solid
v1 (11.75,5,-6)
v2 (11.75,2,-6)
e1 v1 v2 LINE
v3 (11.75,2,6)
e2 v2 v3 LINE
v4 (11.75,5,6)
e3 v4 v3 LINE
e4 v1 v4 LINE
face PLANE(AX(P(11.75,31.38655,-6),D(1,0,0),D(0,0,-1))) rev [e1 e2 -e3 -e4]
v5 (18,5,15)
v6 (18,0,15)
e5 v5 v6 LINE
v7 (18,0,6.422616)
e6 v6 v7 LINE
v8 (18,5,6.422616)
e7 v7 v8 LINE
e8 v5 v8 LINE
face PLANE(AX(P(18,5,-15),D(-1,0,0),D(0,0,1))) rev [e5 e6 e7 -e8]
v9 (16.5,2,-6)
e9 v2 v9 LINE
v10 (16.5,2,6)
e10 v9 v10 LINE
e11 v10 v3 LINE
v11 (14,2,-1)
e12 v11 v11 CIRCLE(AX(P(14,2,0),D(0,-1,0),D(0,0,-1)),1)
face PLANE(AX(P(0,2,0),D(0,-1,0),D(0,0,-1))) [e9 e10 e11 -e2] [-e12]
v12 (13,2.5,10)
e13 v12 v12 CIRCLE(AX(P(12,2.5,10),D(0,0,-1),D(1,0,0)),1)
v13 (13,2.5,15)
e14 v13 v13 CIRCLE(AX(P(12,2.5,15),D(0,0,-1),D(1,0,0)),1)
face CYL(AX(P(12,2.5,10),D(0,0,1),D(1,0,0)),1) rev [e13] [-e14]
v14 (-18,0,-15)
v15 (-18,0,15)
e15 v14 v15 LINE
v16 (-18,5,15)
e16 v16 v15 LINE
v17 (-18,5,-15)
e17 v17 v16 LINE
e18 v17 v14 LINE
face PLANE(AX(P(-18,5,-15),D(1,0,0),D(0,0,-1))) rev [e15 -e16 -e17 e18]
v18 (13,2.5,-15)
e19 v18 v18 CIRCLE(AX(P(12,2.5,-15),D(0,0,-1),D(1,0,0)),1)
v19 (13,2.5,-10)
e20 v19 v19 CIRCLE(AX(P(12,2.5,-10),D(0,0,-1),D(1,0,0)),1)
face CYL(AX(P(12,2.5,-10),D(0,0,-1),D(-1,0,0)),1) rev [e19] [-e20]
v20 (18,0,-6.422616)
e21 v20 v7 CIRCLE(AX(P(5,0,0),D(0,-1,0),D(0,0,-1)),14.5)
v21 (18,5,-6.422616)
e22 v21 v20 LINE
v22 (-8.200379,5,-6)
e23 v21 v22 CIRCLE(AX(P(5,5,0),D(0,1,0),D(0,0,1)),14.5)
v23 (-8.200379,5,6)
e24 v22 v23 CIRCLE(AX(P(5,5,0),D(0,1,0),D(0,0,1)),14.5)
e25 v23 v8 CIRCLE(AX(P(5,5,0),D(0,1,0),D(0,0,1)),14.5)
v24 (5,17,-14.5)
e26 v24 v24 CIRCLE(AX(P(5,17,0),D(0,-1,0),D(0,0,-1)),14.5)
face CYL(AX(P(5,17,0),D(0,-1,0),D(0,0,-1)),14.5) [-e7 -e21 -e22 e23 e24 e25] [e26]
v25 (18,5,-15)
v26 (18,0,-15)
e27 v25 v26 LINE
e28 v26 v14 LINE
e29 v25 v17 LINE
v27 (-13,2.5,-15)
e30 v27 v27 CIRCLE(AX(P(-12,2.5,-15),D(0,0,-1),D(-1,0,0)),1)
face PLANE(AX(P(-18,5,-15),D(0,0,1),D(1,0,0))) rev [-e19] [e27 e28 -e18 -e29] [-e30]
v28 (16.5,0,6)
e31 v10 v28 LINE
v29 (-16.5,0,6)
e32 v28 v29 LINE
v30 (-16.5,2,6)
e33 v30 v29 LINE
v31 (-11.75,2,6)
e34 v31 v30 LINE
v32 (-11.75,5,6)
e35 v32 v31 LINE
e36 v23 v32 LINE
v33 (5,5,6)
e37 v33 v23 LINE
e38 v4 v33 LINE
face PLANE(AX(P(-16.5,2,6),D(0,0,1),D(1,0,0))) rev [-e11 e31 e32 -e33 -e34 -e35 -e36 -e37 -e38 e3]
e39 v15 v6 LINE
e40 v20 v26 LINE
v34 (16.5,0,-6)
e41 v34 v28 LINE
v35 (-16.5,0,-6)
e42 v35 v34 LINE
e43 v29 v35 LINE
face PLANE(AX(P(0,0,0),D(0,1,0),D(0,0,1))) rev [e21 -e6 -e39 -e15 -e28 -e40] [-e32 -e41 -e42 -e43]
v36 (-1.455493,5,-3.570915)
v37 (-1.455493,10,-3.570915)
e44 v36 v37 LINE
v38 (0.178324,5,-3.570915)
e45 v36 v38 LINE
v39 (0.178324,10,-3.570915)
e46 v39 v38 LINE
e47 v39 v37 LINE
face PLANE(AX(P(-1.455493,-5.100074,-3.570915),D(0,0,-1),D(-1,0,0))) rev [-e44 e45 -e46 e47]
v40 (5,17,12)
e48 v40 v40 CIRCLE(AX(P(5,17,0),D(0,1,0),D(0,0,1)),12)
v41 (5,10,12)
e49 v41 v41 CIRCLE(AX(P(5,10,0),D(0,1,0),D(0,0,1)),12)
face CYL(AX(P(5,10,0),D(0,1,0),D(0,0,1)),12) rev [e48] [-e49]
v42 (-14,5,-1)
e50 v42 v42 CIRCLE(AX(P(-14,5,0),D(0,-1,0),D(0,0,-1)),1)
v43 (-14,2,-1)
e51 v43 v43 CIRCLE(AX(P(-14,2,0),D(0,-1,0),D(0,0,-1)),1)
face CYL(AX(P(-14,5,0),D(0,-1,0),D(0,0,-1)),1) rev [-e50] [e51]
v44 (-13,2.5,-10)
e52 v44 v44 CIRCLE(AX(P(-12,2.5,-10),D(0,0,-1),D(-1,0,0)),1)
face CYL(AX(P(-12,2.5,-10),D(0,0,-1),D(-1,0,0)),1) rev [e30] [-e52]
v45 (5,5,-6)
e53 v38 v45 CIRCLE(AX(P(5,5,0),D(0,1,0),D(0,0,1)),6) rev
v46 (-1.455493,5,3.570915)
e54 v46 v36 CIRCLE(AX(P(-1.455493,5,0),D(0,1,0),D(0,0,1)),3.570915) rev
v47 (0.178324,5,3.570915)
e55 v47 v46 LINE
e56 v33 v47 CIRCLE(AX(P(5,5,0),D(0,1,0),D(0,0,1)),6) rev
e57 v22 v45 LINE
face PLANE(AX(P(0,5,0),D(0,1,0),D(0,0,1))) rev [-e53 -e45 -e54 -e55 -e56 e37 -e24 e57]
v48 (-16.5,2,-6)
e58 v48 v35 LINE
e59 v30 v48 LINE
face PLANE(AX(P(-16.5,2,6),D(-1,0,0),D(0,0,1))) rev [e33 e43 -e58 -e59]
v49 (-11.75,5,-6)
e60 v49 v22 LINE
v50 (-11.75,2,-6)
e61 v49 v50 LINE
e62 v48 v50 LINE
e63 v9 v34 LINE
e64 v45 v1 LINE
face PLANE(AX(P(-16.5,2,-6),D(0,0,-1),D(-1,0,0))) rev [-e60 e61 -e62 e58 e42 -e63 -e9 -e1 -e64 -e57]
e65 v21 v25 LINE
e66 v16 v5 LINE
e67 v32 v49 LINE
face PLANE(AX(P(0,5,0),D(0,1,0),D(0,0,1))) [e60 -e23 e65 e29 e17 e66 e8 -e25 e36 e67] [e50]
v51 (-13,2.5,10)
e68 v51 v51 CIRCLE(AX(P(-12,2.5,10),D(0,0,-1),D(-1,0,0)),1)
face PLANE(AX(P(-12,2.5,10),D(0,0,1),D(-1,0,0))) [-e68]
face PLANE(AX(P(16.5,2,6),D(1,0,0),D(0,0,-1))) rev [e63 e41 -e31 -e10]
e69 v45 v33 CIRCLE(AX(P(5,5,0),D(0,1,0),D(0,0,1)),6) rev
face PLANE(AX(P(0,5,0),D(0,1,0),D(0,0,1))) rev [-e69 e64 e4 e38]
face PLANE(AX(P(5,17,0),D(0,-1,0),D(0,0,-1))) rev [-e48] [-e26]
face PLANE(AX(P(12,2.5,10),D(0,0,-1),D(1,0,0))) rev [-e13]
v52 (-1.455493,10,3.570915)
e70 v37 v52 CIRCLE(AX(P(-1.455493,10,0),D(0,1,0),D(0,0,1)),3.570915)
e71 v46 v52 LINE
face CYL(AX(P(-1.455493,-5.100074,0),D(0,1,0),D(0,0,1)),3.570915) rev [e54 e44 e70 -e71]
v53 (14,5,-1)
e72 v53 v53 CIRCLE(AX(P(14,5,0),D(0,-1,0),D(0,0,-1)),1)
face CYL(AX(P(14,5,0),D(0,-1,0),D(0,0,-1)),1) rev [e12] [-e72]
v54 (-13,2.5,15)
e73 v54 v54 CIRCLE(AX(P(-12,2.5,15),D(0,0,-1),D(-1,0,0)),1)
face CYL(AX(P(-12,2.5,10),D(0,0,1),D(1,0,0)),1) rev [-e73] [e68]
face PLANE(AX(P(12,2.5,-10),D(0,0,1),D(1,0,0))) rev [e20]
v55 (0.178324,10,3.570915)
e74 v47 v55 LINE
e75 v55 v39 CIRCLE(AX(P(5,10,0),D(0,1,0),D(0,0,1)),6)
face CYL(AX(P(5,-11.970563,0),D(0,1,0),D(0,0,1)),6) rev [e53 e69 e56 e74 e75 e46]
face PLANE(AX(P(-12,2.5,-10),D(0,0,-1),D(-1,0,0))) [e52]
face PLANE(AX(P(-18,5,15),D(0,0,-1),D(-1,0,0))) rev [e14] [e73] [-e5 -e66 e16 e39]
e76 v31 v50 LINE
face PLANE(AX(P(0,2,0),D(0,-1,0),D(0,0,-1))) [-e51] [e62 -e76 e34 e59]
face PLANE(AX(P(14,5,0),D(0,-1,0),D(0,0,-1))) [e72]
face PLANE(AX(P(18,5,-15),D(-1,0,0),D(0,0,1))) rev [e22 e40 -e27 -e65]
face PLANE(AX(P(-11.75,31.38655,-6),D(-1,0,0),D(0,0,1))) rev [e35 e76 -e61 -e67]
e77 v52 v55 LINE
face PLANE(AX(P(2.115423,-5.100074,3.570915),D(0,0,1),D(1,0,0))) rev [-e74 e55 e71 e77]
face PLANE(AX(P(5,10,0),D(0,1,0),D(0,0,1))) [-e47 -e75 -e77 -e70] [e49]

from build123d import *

# Parameters (mm, degrees)
SKETCH_1_W               = 36
SKETCH_1_H               = 30
EXTRUDE_1_DEPTH          = 5
SKETCH_2_R               = 14.5
EXTRUDE_2_DEPTH          = 17
SKETCH_4_W               = 33
SKETCH_4_H               = 12
CUT_EXTRUDE_2_DEPTH      = 2
SKETCH_8_R               = 1
CUT_EXTRUDE_6_DEPTH      = 3
SKETCH_5_W               = 23.5
SKETCH_5_H               = 12
CUT_EXTRUDE_3_DEPTH      = 3
CUT_EXTRUDE_3_DEPTH_BACK = 3
SKETCH_3_R               = 12
CUT_EXTRUDE_1_DEPTH      = 7
SKETCH_6_R               = 6
CUT_EXTRUDE_4_DEPTH      = 5
CUT_EXTRUDE_5_DEPTH      = 5
SKETCH_9_R               = 1
CUT_EXTRUDE_7_DEPTH      = 5


with BuildPart() as part:
    # 草图1 → 凸台-拉伸1 (new body)
    with BuildSketch(Plane(origin=(0, 0, 0), x_dir=(1, 0, 0), z_dir=(0, 1, 0))):
        Rectangle(SKETCH_1_W, SKETCH_1_H)
    extrude(amount=EXTRUDE_1_DEPTH)

    # 草图2 → 凸台-拉伸2 (add)
    with BuildSketch(Plane.XZ):
        with Locations((5, 0)):
            Circle(SKETCH_2_R)
    extrude(amount=-EXTRUDE_2_DEPTH)

    # 草图4 → 切除-拉伸2 (cut)
    with BuildSketch(Plane.XZ):
        Rectangle(SKETCH_4_W, SKETCH_4_H)
    extrude(amount=-CUT_EXTRUDE_2_DEPTH, mode=Mode.SUBTRACT)

    # 草图8 → 切除-拉伸6 (cut)
    with BuildSketch(Plane.XZ.offset(-2)):
        with Locations((14, 0)):
            Circle(SKETCH_8_R)
        with Locations((-14, 0)):
            Circle(SKETCH_8_R)
    extrude(amount=-CUT_EXTRUDE_6_DEPTH, mode=Mode.SUBTRACT)

    # 草图5 → 切除-拉伸3 (cut, two sides)
    with BuildSketch(Plane.XZ.offset(-2)) as cut_extrude_3_sk:
        Rectangle(SKETCH_5_W, SKETCH_5_H)
    extrude(amount=CUT_EXTRUDE_3_DEPTH, mode=Mode.SUBTRACT)
    extrude(cut_extrude_3_sk.sketch, amount=-CUT_EXTRUDE_3_DEPTH_BACK, mode=Mode.SUBTRACT)

    # 草图3 → 切除-拉伸1 (cut)
    with BuildSketch(Plane(origin=(0, 17, 0), x_dir=(1, 0, 0), z_dir=(0, 1, 0))):
        with Locations((5, 0)):
            Circle(SKETCH_3_R)
    extrude(amount=-CUT_EXTRUDE_1_DEPTH, mode=Mode.SUBTRACT)

    # 草图6 → 切除-拉伸4 (cut)
    with BuildSketch(Plane(origin=(0, 10, 0), x_dir=(1, 0, 0), z_dir=(0, 1, 0))):
        with Locations((5, 0)):
            Circle(SKETCH_6_R)
    extrude(amount=-CUT_EXTRUDE_4_DEPTH, mode=Mode.SUBTRACT)

    # 草图7 → 切除-拉伸5 (cut)
    with BuildSketch(Plane(origin=(0, 10, 0), x_dir=(1, 0, 0), z_dir=(0, 1, 0))):
        with BuildLine():
            Line((-1.455492537, 3.570915288), (2.115422752, 3.570915288))
            Line((2.115422752, 3.570915288), (2.115422752, -3.570915288))
            Line((2.115422752, -3.570915288), (-1.455492537, -3.570915288))
            ThreePointArc((-1.455492537, -3.570915288), (-5.026407825, 0), (-1.455492537, 3.570915288))
        make_face()
    extrude(amount=-CUT_EXTRUDE_5_DEPTH, mode=Mode.SUBTRACT)

    # 草图9 → 切除-拉伸7 (cut)
    with BuildSketch(Plane(origin=(0, 0, -15), x_dir=(-1, 0, 0), z_dir=(0, 0, -1))):
        with Locations((12, 2.5)):
            Circle(SKETCH_9_R)
        with Locations((-12, 2.5)):
            Circle(SKETCH_9_R)
    cut_extrude_7 = extrude(amount=-CUT_EXTRUDE_7_DEPTH, mode=Mode.SUBTRACT)

    # 镜向1: 切除-拉伸7 across plane
    add(cut_extrude_7.mirror(Plane.XY), mode=Mode.SUBTRACT)


solid = part.part
